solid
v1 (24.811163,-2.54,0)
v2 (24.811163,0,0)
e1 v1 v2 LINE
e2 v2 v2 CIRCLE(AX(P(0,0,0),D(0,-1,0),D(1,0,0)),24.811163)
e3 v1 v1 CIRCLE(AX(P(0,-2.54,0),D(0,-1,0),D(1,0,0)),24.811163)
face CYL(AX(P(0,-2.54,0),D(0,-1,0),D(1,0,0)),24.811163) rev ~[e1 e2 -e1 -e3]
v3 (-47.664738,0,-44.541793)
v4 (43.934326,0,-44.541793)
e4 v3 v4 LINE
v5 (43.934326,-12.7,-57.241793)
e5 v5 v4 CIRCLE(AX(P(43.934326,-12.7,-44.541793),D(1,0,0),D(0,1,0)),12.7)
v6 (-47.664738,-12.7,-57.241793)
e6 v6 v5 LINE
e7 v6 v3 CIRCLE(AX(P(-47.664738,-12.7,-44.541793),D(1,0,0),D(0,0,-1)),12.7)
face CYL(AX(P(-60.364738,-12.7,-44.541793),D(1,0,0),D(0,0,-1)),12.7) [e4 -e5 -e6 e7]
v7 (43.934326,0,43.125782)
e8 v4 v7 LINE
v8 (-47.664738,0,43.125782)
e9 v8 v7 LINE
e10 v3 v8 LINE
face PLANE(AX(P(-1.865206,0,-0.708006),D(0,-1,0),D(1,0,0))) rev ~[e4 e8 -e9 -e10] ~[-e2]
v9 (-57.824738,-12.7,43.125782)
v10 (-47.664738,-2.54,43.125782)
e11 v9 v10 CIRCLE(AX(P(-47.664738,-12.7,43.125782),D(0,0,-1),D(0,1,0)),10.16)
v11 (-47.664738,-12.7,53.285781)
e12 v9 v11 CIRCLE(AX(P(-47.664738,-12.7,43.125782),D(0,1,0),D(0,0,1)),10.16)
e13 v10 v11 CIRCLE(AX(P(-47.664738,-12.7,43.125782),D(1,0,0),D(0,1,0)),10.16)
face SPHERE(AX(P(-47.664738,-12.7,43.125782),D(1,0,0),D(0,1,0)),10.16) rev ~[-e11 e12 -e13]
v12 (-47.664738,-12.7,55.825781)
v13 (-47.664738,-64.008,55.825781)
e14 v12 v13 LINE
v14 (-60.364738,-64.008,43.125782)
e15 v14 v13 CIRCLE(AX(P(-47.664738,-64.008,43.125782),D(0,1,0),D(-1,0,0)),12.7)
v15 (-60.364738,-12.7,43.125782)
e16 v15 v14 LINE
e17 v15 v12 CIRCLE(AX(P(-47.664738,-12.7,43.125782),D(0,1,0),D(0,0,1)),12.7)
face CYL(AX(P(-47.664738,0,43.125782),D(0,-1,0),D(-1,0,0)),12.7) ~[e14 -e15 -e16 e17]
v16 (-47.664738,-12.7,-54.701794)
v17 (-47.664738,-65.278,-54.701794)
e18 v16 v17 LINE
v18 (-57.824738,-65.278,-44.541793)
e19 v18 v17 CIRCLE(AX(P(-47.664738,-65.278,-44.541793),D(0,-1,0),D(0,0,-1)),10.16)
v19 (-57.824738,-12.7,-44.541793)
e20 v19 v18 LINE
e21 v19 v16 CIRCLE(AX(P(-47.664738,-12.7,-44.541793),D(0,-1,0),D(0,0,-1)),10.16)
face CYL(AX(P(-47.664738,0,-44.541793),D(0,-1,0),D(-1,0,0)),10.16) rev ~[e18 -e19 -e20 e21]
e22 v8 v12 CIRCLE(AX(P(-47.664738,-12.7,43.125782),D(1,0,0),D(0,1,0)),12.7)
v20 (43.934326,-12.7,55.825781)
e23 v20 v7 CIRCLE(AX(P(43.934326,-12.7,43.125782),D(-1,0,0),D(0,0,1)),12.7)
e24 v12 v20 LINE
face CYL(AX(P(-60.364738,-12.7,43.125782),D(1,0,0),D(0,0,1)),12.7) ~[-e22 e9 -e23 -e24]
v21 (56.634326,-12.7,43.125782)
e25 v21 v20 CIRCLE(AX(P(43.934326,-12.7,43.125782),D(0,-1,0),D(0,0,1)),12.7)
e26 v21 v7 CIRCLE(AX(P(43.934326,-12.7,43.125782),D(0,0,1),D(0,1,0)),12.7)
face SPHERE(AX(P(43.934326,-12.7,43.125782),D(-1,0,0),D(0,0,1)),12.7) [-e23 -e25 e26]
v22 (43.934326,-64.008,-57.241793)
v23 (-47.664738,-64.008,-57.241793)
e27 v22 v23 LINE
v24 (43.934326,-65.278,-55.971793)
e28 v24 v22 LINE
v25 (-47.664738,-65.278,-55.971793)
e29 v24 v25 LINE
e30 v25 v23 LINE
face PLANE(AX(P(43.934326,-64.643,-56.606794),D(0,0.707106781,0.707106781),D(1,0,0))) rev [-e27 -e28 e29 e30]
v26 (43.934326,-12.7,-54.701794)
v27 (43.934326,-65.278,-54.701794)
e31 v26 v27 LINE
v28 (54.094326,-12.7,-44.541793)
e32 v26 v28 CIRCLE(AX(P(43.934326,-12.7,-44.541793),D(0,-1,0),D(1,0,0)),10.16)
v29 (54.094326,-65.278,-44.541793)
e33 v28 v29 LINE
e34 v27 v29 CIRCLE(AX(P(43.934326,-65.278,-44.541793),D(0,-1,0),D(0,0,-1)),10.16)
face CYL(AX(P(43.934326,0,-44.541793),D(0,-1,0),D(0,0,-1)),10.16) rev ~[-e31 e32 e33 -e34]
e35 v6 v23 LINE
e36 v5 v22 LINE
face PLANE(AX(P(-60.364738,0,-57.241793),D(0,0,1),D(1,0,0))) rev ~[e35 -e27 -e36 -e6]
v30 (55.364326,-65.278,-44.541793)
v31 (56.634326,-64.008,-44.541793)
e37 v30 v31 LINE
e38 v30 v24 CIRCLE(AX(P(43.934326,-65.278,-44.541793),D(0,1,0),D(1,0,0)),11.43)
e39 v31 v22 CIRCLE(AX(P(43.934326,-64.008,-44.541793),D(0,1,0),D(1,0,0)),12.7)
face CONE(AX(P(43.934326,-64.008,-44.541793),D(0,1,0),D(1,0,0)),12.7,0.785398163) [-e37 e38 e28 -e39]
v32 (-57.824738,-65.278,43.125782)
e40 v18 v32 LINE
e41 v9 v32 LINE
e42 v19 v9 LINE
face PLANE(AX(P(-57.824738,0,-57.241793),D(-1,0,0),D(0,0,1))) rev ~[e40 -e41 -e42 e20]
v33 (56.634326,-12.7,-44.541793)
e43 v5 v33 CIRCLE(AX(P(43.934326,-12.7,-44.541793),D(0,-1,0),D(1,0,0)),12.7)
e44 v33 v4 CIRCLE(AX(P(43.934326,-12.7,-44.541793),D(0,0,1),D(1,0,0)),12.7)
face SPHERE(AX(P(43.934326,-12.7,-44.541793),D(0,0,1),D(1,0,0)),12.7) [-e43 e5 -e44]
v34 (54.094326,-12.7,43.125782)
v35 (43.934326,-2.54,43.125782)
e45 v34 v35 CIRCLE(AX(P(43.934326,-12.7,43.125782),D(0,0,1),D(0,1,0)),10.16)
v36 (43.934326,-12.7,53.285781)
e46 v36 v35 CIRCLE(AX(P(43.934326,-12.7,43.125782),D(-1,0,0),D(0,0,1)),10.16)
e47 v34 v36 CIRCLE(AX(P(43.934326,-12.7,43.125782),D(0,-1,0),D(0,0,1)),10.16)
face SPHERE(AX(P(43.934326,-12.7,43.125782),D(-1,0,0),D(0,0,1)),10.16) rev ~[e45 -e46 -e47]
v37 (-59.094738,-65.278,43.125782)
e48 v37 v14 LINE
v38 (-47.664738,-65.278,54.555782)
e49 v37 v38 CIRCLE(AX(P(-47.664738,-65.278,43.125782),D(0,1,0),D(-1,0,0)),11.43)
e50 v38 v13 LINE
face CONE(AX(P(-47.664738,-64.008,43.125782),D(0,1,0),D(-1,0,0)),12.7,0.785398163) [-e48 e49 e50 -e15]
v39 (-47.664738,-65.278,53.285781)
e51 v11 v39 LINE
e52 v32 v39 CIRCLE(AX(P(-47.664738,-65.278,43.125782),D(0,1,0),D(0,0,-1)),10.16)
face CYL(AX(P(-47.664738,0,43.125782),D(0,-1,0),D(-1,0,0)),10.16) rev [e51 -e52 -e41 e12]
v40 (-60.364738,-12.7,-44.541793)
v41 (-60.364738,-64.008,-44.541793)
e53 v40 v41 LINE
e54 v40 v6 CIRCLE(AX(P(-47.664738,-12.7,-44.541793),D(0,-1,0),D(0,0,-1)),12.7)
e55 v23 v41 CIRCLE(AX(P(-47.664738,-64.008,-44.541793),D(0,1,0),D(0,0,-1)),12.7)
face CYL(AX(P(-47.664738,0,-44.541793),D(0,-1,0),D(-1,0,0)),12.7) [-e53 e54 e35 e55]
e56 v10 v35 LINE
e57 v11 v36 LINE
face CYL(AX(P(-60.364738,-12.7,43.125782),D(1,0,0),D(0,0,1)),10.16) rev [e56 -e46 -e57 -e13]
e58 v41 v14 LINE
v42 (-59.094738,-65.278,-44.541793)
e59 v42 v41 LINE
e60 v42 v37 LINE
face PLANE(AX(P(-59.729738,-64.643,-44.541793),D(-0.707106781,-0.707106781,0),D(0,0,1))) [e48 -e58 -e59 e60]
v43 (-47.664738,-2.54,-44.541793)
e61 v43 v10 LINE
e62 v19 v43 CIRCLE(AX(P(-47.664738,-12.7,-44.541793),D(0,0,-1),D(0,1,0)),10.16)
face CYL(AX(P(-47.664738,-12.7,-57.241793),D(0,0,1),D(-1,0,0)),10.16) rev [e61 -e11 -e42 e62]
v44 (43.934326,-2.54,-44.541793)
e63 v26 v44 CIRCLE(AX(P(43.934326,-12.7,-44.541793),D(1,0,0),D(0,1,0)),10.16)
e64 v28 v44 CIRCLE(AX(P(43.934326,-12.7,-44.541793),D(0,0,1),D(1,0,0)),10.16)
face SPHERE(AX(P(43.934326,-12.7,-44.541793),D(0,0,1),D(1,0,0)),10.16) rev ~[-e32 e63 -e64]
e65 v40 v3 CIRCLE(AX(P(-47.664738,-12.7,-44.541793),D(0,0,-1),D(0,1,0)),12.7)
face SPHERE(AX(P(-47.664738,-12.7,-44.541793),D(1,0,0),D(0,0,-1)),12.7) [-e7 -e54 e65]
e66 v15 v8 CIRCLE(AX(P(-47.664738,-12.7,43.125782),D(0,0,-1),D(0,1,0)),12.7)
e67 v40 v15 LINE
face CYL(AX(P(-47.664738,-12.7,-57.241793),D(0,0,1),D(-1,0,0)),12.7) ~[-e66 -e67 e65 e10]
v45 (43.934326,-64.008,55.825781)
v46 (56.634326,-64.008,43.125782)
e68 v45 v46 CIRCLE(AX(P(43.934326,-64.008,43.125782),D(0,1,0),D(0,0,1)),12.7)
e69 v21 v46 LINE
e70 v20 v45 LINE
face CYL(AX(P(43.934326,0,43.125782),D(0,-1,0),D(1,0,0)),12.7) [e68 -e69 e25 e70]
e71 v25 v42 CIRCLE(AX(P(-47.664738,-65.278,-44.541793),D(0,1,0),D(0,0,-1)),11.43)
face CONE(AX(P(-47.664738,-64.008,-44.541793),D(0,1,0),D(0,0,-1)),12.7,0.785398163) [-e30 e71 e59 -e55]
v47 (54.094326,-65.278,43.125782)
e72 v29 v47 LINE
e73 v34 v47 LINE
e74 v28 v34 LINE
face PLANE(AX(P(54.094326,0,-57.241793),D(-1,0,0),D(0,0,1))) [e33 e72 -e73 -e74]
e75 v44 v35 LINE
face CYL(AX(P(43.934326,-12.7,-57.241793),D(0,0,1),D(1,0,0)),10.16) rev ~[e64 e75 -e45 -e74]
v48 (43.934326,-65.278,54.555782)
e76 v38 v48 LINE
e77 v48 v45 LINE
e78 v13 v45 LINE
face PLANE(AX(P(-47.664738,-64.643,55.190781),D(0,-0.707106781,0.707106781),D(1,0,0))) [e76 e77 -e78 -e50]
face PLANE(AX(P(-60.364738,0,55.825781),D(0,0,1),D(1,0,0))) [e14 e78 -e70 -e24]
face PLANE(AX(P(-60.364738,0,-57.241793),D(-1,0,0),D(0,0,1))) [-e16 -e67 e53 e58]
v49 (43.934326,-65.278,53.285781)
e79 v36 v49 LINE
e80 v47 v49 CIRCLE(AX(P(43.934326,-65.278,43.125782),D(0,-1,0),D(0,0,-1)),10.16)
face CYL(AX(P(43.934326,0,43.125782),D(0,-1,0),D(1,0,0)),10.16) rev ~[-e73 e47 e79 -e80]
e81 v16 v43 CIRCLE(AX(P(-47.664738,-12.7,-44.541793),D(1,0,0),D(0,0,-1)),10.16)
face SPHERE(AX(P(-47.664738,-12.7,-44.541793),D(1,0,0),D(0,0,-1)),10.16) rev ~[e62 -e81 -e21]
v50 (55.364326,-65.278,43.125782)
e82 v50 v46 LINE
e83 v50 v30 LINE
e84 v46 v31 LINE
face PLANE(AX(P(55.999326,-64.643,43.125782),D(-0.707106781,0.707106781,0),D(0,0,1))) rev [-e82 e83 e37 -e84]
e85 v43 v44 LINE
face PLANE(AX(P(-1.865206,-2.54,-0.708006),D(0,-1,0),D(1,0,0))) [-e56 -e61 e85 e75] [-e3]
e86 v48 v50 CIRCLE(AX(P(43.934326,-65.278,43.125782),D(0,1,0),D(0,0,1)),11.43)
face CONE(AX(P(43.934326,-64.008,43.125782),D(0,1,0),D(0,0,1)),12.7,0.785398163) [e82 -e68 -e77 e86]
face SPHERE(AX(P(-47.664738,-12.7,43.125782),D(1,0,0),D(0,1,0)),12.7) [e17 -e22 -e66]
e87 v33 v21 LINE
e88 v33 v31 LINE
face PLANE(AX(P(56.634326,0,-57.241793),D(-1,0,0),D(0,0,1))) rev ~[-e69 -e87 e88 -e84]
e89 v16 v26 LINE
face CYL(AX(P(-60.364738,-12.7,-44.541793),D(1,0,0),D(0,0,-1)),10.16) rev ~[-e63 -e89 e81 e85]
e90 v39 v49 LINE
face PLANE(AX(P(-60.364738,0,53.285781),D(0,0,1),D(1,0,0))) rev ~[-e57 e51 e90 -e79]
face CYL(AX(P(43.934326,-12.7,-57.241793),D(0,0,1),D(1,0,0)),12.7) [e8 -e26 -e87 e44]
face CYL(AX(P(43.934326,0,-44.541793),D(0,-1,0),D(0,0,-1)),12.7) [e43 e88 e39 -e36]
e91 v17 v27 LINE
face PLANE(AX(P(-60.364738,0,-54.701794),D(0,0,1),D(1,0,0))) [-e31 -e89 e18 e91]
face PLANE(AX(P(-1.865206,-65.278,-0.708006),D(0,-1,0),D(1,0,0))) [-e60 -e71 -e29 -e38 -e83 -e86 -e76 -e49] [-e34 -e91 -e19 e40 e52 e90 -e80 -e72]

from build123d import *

# Parameters (mm, degrees)
F0_W     = 116.999064
F0_H     = 113.067575
F1_DEPTH = 65.278
F2_R     = 12.7
F3_T     = -2.54
F4_R     = 24.811163
F5_DEPTH = 64.008
F6_SIZE  = 1.27


with BuildPart() as f1:
    # F0 (on Front) → F1 (new body)
    with BuildSketch(Plane.XZ):
        with Locations((-1.865206, -0.708006)):
            Rectangle(F0_W, F0_H)
    extrude(amount=F1_DEPTH)

    # F2
    f2_edges = [f1.edges().sort_by_distance(p)[0] for p in [
        (-1.865206, 0, 55.825781),
        (56.634326, -32.639, 55.825781),
        (56.634326, 0, -0.708006),
        (56.634326, -32.639, -57.241794),
        (-1.865206, 0, -57.241794),
        (-60.364738, -32.639, -57.241794),
        (-60.364738, 0, -0.708006),
        (-60.364738, -32.639, 55.825781),
    ]]
    fillet(f2_edges, radius=F2_R)

    # F3
    f3_openings = [f1.faces().sort_by_distance(p)[0] for p in [
        (-1.865206, -65.278, -0.708006),
    ]]
    offset(amount=F3_T, openings=f3_openings)

    # F4 (on face) → F5 (cut)
    with BuildSketch(Plane.XZ.offset(2.54)):
        Circle(F4_R)
    extrude(amount=-F5_DEPTH, mode=Mode.SUBTRACT)

    # F6
    f6_edges = [f1.edges().sort_by_distance(p)[0] for p in [
        (-1.865206, -65.278, 55.825781),
    ]]
    chamfer(f6_edges, length=F6_SIZE)


solid = f1.part
